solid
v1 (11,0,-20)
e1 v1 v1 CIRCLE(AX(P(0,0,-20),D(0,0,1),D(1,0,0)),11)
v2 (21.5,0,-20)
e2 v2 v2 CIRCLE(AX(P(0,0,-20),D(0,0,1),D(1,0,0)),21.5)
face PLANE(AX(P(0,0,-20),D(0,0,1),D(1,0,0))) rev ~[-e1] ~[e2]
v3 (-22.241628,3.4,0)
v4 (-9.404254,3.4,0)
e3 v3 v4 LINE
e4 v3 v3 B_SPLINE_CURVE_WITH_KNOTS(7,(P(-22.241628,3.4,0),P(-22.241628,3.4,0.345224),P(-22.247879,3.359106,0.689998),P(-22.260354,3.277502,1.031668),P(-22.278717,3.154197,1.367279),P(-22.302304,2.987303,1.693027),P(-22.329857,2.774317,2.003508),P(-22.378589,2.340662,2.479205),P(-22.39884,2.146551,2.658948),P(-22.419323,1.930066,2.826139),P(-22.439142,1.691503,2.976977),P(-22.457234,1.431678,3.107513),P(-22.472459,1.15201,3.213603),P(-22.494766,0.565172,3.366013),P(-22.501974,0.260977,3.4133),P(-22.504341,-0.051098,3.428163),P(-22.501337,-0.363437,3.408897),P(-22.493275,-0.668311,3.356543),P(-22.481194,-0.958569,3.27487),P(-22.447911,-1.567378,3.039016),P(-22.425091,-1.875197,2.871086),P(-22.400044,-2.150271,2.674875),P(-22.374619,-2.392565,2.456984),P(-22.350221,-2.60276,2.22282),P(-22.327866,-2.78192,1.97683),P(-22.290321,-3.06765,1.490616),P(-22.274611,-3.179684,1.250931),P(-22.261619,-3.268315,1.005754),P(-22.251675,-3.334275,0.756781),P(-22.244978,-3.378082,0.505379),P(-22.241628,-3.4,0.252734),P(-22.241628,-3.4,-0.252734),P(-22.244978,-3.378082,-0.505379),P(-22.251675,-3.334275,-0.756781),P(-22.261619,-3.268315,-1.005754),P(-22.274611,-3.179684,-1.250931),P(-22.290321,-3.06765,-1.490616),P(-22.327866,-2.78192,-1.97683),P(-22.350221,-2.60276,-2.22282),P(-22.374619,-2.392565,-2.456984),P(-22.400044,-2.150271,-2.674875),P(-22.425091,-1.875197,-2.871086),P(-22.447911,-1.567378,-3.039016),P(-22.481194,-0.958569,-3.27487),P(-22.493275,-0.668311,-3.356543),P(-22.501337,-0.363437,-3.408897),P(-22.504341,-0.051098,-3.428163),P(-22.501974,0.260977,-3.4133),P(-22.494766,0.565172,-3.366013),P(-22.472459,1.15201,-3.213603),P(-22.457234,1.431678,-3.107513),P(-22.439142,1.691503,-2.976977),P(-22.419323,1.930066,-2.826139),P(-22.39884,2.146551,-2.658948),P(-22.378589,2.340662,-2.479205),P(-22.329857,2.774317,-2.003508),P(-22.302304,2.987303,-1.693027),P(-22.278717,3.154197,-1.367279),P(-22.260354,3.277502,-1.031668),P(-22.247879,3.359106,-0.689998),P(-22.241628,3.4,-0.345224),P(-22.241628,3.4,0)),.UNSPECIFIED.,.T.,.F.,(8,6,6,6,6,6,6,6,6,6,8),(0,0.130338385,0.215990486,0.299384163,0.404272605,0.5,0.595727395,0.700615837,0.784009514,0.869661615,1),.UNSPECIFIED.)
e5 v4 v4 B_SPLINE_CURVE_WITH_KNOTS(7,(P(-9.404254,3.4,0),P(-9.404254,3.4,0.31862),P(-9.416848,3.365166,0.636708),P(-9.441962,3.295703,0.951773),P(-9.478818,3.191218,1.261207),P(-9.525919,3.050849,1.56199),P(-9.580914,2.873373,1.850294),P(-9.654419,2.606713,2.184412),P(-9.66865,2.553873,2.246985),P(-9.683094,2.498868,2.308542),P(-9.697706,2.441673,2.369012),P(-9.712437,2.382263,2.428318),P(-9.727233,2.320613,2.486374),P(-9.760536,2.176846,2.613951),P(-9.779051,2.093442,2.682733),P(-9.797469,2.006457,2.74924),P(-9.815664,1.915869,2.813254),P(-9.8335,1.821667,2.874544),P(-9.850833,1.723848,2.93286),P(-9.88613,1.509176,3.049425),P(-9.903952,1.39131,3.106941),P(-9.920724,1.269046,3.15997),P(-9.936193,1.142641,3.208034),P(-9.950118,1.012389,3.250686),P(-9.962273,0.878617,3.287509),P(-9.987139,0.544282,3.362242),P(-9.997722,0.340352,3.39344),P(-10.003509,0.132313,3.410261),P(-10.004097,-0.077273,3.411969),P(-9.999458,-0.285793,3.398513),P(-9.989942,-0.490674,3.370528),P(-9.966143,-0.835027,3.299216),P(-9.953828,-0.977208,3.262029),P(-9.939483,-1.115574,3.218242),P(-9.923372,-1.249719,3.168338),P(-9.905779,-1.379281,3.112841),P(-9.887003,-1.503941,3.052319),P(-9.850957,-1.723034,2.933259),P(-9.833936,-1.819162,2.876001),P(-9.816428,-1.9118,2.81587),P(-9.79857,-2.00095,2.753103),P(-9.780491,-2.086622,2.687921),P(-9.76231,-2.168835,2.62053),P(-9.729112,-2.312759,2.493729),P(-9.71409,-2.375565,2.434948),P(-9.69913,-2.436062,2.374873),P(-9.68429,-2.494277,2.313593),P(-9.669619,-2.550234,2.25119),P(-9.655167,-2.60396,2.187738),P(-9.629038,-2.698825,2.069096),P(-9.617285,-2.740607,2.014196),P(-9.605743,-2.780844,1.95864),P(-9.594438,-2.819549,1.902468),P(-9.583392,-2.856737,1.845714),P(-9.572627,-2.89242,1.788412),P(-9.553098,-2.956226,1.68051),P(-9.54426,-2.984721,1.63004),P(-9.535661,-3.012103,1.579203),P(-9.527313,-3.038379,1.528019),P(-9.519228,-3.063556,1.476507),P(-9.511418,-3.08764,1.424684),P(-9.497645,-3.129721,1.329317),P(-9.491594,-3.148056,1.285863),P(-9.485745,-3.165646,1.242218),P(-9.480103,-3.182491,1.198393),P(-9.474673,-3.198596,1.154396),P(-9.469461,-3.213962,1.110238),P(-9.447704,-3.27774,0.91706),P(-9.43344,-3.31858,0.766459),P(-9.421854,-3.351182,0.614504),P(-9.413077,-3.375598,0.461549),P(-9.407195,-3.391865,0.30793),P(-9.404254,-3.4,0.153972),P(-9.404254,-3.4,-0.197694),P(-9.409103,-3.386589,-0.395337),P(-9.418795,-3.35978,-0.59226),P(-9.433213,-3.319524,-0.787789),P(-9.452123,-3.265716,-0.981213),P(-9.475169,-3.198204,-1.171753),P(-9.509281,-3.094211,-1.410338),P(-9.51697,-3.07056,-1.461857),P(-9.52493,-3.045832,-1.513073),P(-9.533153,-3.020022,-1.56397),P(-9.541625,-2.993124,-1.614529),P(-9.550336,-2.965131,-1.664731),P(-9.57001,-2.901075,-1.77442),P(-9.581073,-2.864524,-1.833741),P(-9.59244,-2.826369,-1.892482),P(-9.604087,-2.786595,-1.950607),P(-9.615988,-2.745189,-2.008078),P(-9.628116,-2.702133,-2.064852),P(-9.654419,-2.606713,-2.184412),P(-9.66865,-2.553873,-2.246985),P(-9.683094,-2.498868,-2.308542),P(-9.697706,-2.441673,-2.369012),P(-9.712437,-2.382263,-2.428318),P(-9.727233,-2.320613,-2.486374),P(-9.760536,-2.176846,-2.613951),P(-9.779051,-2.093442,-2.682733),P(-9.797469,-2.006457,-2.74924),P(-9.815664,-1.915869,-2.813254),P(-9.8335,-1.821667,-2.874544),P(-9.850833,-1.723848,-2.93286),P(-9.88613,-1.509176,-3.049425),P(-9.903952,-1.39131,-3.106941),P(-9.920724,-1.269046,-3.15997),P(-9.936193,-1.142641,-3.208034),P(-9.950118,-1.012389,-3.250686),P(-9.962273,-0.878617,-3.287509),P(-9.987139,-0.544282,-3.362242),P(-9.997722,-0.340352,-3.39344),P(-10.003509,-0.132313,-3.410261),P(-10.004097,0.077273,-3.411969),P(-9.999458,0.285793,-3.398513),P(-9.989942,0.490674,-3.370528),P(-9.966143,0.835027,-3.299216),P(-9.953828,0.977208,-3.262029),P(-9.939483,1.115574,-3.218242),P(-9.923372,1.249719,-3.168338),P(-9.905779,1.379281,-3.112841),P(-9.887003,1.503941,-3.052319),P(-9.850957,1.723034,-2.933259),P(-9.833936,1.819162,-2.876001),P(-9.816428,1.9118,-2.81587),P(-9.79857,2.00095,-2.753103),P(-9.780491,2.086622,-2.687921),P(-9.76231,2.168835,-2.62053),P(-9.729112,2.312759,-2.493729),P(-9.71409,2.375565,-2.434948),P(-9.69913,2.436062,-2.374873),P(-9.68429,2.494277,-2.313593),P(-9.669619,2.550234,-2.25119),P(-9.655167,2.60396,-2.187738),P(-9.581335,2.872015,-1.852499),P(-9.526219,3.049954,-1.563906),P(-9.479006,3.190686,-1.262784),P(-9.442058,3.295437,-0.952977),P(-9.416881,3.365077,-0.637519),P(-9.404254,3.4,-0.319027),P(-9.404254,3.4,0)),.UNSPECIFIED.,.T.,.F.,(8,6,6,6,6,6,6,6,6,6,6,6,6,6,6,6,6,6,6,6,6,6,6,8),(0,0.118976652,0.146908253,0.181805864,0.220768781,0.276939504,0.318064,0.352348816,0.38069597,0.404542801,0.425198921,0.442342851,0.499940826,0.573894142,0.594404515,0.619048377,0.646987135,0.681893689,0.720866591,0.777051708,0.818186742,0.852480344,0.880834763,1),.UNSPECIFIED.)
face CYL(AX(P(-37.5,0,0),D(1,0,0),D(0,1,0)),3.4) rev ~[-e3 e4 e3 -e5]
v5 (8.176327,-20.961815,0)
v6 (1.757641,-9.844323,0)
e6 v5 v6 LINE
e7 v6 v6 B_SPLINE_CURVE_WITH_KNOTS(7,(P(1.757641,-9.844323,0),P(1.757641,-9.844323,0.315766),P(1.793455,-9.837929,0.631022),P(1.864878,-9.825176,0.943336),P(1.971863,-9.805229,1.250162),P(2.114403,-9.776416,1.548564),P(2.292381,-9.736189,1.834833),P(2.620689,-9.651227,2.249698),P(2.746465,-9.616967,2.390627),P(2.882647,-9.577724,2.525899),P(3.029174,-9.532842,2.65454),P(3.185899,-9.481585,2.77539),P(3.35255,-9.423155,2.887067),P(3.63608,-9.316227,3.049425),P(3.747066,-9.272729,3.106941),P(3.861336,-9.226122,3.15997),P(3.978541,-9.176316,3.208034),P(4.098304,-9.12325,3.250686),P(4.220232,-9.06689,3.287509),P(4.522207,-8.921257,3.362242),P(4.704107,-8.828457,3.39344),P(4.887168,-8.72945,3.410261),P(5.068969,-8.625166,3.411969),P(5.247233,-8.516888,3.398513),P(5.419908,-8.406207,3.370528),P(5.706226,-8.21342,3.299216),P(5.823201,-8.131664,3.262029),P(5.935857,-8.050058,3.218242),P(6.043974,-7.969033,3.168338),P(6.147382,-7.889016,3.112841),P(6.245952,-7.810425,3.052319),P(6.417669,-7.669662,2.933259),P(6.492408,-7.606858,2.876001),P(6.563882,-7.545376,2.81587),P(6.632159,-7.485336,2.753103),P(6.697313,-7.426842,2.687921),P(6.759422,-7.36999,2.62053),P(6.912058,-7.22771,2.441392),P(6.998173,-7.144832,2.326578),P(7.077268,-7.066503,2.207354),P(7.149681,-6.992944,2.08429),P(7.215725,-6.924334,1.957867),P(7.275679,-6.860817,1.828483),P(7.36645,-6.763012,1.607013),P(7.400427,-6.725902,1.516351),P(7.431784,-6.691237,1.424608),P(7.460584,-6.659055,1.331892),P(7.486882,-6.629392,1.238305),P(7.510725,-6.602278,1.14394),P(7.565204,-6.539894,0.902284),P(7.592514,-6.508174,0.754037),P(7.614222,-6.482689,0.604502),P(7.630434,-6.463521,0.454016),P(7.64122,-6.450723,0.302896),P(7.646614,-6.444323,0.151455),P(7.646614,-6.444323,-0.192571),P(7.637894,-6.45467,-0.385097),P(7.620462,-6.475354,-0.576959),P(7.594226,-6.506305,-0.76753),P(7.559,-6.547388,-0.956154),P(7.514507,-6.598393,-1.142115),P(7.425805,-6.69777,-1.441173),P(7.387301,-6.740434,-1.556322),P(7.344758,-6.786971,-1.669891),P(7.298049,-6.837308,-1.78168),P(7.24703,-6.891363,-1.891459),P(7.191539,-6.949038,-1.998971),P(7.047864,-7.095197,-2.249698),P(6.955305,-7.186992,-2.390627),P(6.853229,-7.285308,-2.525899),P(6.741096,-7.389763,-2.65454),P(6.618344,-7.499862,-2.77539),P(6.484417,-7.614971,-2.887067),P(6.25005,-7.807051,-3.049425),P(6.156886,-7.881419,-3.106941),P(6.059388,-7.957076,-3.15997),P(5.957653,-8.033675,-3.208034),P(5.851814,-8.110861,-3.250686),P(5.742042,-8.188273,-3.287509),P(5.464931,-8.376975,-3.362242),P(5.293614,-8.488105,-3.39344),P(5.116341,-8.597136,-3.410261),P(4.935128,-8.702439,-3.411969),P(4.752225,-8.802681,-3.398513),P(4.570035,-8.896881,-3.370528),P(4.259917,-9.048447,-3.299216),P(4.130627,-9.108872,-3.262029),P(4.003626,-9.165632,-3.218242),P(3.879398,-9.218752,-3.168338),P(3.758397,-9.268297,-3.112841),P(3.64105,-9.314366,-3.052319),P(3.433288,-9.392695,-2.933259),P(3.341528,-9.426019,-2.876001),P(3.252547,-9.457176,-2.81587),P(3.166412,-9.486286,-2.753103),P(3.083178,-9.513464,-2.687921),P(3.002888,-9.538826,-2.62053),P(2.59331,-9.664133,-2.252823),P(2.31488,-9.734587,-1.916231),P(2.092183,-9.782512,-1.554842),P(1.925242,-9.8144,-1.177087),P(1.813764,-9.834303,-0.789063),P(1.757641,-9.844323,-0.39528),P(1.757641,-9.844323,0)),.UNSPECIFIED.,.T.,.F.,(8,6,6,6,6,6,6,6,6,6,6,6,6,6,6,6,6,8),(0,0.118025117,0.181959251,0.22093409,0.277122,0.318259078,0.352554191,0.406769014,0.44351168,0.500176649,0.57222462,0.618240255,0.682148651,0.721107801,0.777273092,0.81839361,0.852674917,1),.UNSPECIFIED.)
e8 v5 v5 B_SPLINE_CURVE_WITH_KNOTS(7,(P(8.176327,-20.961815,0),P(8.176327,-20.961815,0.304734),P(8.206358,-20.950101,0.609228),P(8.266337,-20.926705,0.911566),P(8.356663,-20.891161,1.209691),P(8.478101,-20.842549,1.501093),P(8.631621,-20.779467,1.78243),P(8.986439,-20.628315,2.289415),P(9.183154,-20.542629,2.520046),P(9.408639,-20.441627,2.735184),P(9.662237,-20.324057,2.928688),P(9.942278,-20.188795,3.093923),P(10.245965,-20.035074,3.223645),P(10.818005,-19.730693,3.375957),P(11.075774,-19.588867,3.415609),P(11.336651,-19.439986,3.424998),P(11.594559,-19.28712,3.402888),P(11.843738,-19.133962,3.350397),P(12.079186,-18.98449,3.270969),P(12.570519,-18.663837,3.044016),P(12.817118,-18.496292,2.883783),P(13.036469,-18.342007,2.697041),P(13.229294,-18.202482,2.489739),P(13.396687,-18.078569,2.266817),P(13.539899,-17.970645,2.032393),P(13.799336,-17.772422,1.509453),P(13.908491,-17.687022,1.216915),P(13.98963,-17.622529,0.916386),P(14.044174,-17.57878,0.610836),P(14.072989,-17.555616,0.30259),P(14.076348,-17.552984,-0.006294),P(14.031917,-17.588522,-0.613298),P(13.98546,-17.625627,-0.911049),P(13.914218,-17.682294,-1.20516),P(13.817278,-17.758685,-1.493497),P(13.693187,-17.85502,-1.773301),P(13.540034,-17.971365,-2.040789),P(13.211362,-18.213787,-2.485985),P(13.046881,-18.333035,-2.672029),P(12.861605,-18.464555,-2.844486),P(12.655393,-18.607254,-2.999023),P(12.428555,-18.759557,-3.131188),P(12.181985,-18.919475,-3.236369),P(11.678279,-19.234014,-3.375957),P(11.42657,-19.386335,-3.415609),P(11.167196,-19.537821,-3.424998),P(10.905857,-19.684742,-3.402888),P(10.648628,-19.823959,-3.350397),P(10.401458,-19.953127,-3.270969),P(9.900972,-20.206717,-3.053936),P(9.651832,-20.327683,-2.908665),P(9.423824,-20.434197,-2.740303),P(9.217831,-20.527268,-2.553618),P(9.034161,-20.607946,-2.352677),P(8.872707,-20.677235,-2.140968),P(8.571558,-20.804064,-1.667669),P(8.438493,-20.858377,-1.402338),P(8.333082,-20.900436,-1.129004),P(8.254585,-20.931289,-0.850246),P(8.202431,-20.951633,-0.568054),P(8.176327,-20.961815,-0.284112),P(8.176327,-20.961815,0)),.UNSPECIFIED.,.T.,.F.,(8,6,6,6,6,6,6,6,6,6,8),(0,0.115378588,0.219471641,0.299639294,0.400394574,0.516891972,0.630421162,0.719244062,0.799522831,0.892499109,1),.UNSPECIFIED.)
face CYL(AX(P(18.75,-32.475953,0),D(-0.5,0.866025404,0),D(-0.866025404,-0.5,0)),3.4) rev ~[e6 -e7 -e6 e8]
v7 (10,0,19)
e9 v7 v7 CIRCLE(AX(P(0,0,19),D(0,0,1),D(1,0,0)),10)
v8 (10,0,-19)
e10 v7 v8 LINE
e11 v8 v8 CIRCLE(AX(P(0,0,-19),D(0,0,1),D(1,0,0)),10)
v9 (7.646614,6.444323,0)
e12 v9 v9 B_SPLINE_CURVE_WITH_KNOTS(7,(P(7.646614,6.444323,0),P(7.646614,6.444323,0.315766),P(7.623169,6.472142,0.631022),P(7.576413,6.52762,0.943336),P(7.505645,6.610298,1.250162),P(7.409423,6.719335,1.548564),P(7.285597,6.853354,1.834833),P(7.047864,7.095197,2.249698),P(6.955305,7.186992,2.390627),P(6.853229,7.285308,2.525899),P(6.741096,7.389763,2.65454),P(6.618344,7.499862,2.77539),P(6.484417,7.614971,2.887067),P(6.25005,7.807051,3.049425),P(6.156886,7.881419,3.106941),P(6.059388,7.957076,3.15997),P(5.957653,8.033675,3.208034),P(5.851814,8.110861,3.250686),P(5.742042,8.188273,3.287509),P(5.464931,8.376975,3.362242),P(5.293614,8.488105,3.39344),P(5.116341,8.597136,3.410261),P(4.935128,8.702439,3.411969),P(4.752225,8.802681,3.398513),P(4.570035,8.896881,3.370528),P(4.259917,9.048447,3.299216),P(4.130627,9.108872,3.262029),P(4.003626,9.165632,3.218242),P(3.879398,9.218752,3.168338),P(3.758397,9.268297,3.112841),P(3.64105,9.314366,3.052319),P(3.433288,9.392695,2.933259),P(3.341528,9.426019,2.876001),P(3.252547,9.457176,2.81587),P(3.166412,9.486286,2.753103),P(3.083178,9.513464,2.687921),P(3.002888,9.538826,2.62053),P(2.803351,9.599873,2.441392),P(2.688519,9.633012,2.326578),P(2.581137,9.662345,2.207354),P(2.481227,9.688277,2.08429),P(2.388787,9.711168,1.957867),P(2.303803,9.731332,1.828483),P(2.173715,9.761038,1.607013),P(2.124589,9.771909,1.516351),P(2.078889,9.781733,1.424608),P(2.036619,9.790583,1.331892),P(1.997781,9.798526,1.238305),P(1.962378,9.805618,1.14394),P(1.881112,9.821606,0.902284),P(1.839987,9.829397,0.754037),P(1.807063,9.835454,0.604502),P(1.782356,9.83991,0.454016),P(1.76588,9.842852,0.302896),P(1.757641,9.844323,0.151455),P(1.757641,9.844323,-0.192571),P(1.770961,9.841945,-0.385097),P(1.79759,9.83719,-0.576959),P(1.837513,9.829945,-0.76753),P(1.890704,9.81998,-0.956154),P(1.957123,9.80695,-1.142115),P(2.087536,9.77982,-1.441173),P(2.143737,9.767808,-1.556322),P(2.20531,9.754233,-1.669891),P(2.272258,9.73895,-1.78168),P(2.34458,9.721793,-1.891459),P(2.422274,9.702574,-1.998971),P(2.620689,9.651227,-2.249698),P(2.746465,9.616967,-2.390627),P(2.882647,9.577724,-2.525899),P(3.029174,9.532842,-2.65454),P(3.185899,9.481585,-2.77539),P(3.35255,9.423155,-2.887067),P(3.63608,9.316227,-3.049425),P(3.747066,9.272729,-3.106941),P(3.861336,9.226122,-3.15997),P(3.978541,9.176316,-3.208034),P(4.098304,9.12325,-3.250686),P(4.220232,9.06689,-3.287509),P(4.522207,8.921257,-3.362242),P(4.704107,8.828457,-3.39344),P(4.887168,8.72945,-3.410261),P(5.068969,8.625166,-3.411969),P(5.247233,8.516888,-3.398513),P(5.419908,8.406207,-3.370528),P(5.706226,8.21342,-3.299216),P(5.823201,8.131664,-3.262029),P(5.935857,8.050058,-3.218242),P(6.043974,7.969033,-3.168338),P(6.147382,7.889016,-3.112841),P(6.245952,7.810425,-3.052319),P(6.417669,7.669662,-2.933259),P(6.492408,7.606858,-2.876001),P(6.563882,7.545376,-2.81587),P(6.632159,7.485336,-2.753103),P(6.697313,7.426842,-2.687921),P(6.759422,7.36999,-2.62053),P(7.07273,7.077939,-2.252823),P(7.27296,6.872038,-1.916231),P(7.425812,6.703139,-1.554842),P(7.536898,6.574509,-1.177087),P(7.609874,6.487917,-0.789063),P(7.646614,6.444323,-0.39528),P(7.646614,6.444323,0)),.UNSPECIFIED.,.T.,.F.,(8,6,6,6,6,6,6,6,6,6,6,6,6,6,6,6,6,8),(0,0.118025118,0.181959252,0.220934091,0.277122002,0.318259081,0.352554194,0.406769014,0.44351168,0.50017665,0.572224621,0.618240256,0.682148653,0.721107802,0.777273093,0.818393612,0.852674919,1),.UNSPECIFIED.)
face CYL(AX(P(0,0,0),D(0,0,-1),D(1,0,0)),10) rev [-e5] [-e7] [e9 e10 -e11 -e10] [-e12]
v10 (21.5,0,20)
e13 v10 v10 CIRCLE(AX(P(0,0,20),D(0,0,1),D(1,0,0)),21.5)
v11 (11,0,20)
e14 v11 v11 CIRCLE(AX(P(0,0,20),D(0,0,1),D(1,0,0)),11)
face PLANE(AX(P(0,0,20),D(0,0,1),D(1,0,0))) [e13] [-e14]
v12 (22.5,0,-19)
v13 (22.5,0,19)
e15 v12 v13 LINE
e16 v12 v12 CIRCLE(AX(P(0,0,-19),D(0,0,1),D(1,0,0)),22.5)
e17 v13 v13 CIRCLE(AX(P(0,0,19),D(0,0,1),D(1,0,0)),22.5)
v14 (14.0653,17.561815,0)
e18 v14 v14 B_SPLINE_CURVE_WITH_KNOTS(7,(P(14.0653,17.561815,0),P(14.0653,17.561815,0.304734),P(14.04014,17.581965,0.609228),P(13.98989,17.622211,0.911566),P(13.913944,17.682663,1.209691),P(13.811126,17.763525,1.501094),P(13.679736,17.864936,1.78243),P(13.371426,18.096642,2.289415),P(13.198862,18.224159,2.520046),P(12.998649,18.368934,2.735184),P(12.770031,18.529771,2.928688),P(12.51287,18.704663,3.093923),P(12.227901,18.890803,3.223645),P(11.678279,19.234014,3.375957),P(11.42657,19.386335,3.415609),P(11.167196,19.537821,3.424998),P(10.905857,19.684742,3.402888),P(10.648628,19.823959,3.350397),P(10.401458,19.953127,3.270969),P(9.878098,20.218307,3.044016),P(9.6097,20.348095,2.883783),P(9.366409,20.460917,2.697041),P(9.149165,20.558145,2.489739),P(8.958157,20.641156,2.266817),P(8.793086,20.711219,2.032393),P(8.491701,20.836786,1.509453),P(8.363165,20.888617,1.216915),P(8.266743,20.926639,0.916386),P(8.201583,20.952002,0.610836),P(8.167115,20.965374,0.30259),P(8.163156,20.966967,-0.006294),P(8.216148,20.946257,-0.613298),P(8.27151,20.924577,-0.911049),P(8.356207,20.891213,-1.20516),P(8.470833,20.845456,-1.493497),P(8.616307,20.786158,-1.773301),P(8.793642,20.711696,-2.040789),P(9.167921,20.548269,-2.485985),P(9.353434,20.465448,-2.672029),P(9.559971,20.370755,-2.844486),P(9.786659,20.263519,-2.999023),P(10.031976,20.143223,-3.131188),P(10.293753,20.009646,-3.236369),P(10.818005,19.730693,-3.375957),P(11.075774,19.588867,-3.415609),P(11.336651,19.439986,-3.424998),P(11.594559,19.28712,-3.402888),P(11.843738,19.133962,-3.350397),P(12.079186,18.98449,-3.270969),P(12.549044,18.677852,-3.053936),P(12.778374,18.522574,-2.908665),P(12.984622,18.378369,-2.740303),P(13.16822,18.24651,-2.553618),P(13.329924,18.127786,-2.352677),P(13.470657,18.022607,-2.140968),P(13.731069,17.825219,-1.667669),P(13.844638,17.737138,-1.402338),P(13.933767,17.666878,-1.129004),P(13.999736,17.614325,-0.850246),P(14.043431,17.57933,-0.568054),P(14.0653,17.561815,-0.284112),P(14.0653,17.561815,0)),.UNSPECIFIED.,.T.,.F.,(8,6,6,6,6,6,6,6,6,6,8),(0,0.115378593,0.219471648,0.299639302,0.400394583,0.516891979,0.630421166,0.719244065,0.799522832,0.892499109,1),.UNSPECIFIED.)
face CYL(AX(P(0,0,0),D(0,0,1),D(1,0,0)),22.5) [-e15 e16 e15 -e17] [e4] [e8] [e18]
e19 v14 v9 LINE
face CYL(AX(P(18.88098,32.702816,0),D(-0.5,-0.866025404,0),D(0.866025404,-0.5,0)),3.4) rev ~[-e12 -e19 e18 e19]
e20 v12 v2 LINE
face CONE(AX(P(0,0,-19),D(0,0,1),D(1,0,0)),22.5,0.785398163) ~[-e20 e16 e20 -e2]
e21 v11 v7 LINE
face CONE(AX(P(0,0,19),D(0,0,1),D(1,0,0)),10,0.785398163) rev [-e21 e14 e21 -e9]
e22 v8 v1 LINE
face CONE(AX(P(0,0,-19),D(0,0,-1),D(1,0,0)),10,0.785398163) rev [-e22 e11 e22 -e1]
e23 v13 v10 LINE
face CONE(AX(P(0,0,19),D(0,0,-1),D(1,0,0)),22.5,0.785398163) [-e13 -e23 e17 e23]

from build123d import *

# Parameters (mm, degrees)
F0_R            = 22.5
F0_R_2          = 10
F1_DEPTH        = 20
F2_SIZE         = 1
F10_D           = 6.8
F10_DEPTH       = 15
F10_TIP         = 2.0429261047
F10_ON_F7_D     = 6.8
F10_ON_F7_DEPTH = 15
F10_ON_F7_TIP   = 2.0429261047
F10_ON_F9_D     = 6.8
F10_ON_F9_DEPTH = 15
F10_ON_F9_TIP   = 2.0429261047


with BuildPart() as f1:
    # F0 (on Top) → F1 (new body, symmetric)
    with BuildSketch(Plane.XY):
        Circle(F0_R)
        Circle(F0_R_2, mode=Mode.SUBTRACT)
    extrude(amount=F1_DEPTH, both=True)

    # F2
    f2_edges = [f1.edges().sort_by_distance(p)[0] for p in [
        (-22.5, 0, 20),
        (-22.5, 0, -20),
        (-10, 0, 20),
        (-10, 0, -20),
    ]]
    chamfer(f2_edges, length=F2_SIZE)

    # F10
    with Locations(Plane(origin=(11.25, -19.4855715851, 0), x_dir=(0.8660254038, 0.5, 0), z_dir=(0.5, -0.8660254038, 0))):
        with Locations((0, 0)):
            Hole(F10_D / 2, depth=F10_DEPTH)
            with Locations((0, 0, -(F10_DEPTH + F10_TIP / 2))):  # 118° drill point
                Cone(0, F10_D / 2, F10_TIP, mode=Mode.SUBTRACT)

    # F10 on F7
    with Locations(Plane(origin=(11.3809796361, 19.7124349697, 0), x_dir=(-0.8660254038, 0.5, 0), z_dir=(0.5, 0.8660254038, 0))):
        with Locations((0, 0)):
            Hole(F10_ON_F7_D / 2, depth=F10_ON_F7_DEPTH)
            with Locations((0, 0, -(F10_ON_F7_DEPTH + F10_ON_F7_TIP / 2))):  # 118° drill point
                Cone(0, F10_ON_F7_D / 2, F10_ON_F7_TIP, mode=Mode.SUBTRACT)

    # F10 on F9
    with Locations(Plane(origin=(-22.5, 0, 0), x_dir=(0, -1, 0), z_dir=(-1, 0, 0))):
        with Locations((0, 0)):
            Hole(F10_ON_F9_D / 2, depth=F10_ON_F9_DEPTH)
            with Locations((0, 0, -(F10_ON_F9_DEPTH + F10_ON_F9_TIP / 2))):  # 118° drill point
                Cone(0, F10_ON_F9_D / 2, F10_ON_F9_TIP, mode=Mode.SUBTRACT)


solid = f1.part
